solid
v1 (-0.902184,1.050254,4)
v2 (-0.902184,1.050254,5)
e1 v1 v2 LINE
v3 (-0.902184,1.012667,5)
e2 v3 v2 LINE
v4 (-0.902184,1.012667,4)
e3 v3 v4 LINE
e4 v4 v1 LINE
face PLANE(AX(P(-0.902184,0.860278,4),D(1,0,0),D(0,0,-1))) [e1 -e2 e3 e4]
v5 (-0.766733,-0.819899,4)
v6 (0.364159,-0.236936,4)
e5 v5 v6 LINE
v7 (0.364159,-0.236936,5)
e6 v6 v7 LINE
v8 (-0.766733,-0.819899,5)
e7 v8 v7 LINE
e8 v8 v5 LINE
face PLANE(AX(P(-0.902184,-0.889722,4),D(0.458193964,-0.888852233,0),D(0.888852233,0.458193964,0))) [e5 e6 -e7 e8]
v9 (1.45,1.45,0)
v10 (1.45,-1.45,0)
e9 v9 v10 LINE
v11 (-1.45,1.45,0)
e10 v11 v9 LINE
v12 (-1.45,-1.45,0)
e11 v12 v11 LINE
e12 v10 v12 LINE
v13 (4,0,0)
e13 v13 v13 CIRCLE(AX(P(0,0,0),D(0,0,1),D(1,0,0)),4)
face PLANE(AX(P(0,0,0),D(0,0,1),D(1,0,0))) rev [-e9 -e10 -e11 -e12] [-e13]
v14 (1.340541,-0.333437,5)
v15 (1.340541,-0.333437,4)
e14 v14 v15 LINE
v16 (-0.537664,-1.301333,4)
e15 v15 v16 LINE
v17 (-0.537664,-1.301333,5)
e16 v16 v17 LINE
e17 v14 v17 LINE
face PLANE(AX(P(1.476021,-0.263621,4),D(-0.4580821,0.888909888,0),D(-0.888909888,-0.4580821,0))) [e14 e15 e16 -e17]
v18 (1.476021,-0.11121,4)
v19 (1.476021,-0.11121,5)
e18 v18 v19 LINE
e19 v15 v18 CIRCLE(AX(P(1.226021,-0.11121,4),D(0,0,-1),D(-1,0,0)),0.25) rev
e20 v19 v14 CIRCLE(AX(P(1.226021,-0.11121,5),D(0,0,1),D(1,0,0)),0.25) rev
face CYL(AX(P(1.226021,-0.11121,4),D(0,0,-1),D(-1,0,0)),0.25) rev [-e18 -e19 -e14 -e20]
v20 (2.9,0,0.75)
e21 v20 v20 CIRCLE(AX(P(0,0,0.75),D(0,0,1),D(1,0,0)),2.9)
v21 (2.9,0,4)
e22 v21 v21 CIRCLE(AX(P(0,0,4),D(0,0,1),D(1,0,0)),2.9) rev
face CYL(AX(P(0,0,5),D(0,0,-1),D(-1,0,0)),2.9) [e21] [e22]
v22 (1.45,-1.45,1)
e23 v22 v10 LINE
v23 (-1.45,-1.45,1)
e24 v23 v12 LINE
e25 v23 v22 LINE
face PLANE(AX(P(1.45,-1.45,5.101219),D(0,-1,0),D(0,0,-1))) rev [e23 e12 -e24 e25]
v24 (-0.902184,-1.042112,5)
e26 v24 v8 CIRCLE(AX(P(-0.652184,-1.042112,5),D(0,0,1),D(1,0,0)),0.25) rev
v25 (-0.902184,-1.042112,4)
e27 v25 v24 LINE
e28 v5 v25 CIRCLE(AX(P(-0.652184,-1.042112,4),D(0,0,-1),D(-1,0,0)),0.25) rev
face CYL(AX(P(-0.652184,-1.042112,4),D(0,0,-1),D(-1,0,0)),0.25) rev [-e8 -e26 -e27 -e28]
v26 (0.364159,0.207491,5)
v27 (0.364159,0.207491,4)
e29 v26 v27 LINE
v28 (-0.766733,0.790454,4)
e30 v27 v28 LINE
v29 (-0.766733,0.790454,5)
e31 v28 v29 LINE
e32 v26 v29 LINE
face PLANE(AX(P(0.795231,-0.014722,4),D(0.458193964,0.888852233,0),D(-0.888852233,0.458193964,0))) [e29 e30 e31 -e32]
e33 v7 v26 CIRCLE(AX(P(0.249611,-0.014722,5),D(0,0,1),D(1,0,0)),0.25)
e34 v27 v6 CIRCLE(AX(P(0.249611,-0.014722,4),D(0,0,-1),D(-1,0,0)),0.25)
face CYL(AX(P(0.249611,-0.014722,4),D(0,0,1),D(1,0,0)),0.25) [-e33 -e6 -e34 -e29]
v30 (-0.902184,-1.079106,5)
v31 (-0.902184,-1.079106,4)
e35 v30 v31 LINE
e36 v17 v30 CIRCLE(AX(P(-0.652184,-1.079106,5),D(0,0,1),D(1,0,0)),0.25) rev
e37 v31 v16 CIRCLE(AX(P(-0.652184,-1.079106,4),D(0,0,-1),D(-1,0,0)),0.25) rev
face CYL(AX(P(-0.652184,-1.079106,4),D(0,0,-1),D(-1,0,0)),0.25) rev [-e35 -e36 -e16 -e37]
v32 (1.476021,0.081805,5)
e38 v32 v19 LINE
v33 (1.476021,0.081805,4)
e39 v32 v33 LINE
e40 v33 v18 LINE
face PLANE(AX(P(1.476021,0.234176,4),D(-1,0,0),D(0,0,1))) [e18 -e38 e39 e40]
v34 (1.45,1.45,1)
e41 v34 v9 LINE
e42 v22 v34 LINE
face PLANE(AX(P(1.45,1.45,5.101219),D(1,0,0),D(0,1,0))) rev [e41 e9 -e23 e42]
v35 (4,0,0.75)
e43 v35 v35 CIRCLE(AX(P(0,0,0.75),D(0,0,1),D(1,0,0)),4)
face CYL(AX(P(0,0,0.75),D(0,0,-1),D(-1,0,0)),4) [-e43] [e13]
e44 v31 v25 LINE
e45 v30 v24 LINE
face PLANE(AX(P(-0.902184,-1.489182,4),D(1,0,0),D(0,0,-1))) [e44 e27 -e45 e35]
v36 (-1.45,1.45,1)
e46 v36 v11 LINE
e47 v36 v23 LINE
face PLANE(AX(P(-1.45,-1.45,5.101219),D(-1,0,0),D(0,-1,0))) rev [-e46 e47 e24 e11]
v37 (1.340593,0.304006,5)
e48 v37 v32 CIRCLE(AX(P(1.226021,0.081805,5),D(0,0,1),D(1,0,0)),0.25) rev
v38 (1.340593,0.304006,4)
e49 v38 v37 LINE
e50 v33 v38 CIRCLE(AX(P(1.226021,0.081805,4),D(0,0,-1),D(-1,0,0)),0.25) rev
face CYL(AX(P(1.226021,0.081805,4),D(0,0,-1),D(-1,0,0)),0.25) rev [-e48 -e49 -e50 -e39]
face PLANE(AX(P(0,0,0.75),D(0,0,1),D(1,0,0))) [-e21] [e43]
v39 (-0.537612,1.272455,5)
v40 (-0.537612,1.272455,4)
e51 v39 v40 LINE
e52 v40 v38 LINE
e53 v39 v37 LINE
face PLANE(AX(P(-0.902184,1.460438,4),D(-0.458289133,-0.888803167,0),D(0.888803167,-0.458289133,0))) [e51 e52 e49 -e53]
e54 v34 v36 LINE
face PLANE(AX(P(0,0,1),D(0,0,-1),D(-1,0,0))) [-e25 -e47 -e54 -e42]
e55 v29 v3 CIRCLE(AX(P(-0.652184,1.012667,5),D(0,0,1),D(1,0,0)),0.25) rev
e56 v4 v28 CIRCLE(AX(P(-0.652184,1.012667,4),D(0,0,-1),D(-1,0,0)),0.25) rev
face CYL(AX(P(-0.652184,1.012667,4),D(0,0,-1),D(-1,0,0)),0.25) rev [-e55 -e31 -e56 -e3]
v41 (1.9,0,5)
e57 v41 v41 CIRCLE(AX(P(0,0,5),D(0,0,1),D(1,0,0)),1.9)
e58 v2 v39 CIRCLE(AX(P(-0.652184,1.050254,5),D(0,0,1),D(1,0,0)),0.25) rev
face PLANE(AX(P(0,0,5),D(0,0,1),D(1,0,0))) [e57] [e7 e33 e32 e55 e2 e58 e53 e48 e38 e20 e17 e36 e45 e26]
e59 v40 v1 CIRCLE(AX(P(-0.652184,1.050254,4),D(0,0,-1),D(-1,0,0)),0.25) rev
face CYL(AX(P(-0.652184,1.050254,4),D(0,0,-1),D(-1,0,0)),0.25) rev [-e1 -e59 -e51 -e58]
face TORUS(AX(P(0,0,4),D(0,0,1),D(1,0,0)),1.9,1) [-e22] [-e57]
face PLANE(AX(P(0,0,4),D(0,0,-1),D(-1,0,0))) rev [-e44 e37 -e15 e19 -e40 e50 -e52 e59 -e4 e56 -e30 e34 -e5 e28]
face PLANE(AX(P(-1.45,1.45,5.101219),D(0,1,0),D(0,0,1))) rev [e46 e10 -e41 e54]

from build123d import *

# Parameters (mm, degrees)
SZKIC1_R                    = 4
DODANIE_WYCI_GNI_CIE1_DEPTH = 0.75
SZKIC2_R                    = 2.9
DODANIE_WYCI_GNI_CIE2_DEPTH = 4.25
SZKIC3_W                    = 2.5
SZKIC3_H                    = 2.5
WYTNIJ_WYCI_GNI_CIE1_DEPTH  = 1
ZAOKR_GLENIE2_R             = 1
SZKIC4_W                    = 2.9
SZKIC4_H                    = 2.9
WYTNIJ_WYCI_GNI_CIE2_DEPTH  = 1
WYTNIJ_WYCI_GNI_CIE3_DEPTH  = 1
ZAOKR_GLENIE3_R             = 0.25


with BuildPart() as part:
    # Szkic1 → Dodanie-wyciągnięcie1 (new body)
    with BuildSketch(Plane.XY):
        Circle(SZKIC1_R)
    extrude(amount=DODANIE_WYCI_GNI_CIE1_DEPTH)

    # Szkic2 → Dodanie-wyciągnięcie2 (add)
    with BuildSketch(Plane.XY.offset(0.75)):
        Circle(SZKIC2_R)
    extrude(amount=DODANIE_WYCI_GNI_CIE2_DEPTH)

    # Szkic3 → Wytnij-wyciągnięcie1 (cut)
    with BuildSketch(Plane(origin=(0, 0, 0), x_dir=(-1, 0, 0), z_dir=(0, 0, -1))):
        Rectangle(SZKIC3_W, SZKIC3_H)
    extrude(amount=-WYTNIJ_WYCI_GNI_CIE1_DEPTH, mode=Mode.SUBTRACT)

    # Zaokrąglenie2
    zaokr_glenie2_edges = [part.edges().sort_by_distance(p)[0] for p in [
        (-2.9, 0, 5),
    ]]
    fillet(zaokr_glenie2_edges, radius=ZAOKR_GLENIE2_R)

    # Szkic4 → Wytnij-wyciągnięcie2 (cut)
    with BuildSketch(Plane(origin=(0, 0, 0), x_dir=(-1, 0, 0), z_dir=(0, 0, -1))):
        Rectangle(SZKIC4_W, SZKIC4_H)
    extrude(amount=-WYTNIJ_WYCI_GNI_CIE2_DEPTH, mode=Mode.SUBTRACT)

    # Szkic5 → Wytnij-wyciągnięcie3 (cut)
    with BuildSketch(Plane.XY.offset(5)):
        Polygon((-0.902184432, 0.860277554), (-0.902184432, 1.46043781), (1.476020697, 0.234175791), (1.476020697, -0.263620684), (-0.902184432, -1.489181581), (-0.902184432, -0.889722446), (0.795231434, -0.014722446), align=None)
    extrude(amount=-WYTNIJ_WYCI_GNI_CIE3_DEPTH, mode=Mode.SUBTRACT)

    # Zaokrąglenie3
    zaokr_glenie3_edges = [part.edges().sort_by_distance(p)[0] for p in [
        (0.795231434, -0.014722446, 4.5),
        (-0.902184432, 0.860277554, 4.5),
        (-0.902184432, 1.46043781, 4.5),
        (1.476020697, 0.234175791, 4.5),
        (1.476020697, -0.263620684, 4.5),
        (-0.902184432, -1.489181581, 4.5),
        (-0.902184432, -0.889722446, 4.5),
    ]]
    fillet(zaokr_glenie3_edges, radius=ZAOKR_GLENIE3_R)


solid = part.part
